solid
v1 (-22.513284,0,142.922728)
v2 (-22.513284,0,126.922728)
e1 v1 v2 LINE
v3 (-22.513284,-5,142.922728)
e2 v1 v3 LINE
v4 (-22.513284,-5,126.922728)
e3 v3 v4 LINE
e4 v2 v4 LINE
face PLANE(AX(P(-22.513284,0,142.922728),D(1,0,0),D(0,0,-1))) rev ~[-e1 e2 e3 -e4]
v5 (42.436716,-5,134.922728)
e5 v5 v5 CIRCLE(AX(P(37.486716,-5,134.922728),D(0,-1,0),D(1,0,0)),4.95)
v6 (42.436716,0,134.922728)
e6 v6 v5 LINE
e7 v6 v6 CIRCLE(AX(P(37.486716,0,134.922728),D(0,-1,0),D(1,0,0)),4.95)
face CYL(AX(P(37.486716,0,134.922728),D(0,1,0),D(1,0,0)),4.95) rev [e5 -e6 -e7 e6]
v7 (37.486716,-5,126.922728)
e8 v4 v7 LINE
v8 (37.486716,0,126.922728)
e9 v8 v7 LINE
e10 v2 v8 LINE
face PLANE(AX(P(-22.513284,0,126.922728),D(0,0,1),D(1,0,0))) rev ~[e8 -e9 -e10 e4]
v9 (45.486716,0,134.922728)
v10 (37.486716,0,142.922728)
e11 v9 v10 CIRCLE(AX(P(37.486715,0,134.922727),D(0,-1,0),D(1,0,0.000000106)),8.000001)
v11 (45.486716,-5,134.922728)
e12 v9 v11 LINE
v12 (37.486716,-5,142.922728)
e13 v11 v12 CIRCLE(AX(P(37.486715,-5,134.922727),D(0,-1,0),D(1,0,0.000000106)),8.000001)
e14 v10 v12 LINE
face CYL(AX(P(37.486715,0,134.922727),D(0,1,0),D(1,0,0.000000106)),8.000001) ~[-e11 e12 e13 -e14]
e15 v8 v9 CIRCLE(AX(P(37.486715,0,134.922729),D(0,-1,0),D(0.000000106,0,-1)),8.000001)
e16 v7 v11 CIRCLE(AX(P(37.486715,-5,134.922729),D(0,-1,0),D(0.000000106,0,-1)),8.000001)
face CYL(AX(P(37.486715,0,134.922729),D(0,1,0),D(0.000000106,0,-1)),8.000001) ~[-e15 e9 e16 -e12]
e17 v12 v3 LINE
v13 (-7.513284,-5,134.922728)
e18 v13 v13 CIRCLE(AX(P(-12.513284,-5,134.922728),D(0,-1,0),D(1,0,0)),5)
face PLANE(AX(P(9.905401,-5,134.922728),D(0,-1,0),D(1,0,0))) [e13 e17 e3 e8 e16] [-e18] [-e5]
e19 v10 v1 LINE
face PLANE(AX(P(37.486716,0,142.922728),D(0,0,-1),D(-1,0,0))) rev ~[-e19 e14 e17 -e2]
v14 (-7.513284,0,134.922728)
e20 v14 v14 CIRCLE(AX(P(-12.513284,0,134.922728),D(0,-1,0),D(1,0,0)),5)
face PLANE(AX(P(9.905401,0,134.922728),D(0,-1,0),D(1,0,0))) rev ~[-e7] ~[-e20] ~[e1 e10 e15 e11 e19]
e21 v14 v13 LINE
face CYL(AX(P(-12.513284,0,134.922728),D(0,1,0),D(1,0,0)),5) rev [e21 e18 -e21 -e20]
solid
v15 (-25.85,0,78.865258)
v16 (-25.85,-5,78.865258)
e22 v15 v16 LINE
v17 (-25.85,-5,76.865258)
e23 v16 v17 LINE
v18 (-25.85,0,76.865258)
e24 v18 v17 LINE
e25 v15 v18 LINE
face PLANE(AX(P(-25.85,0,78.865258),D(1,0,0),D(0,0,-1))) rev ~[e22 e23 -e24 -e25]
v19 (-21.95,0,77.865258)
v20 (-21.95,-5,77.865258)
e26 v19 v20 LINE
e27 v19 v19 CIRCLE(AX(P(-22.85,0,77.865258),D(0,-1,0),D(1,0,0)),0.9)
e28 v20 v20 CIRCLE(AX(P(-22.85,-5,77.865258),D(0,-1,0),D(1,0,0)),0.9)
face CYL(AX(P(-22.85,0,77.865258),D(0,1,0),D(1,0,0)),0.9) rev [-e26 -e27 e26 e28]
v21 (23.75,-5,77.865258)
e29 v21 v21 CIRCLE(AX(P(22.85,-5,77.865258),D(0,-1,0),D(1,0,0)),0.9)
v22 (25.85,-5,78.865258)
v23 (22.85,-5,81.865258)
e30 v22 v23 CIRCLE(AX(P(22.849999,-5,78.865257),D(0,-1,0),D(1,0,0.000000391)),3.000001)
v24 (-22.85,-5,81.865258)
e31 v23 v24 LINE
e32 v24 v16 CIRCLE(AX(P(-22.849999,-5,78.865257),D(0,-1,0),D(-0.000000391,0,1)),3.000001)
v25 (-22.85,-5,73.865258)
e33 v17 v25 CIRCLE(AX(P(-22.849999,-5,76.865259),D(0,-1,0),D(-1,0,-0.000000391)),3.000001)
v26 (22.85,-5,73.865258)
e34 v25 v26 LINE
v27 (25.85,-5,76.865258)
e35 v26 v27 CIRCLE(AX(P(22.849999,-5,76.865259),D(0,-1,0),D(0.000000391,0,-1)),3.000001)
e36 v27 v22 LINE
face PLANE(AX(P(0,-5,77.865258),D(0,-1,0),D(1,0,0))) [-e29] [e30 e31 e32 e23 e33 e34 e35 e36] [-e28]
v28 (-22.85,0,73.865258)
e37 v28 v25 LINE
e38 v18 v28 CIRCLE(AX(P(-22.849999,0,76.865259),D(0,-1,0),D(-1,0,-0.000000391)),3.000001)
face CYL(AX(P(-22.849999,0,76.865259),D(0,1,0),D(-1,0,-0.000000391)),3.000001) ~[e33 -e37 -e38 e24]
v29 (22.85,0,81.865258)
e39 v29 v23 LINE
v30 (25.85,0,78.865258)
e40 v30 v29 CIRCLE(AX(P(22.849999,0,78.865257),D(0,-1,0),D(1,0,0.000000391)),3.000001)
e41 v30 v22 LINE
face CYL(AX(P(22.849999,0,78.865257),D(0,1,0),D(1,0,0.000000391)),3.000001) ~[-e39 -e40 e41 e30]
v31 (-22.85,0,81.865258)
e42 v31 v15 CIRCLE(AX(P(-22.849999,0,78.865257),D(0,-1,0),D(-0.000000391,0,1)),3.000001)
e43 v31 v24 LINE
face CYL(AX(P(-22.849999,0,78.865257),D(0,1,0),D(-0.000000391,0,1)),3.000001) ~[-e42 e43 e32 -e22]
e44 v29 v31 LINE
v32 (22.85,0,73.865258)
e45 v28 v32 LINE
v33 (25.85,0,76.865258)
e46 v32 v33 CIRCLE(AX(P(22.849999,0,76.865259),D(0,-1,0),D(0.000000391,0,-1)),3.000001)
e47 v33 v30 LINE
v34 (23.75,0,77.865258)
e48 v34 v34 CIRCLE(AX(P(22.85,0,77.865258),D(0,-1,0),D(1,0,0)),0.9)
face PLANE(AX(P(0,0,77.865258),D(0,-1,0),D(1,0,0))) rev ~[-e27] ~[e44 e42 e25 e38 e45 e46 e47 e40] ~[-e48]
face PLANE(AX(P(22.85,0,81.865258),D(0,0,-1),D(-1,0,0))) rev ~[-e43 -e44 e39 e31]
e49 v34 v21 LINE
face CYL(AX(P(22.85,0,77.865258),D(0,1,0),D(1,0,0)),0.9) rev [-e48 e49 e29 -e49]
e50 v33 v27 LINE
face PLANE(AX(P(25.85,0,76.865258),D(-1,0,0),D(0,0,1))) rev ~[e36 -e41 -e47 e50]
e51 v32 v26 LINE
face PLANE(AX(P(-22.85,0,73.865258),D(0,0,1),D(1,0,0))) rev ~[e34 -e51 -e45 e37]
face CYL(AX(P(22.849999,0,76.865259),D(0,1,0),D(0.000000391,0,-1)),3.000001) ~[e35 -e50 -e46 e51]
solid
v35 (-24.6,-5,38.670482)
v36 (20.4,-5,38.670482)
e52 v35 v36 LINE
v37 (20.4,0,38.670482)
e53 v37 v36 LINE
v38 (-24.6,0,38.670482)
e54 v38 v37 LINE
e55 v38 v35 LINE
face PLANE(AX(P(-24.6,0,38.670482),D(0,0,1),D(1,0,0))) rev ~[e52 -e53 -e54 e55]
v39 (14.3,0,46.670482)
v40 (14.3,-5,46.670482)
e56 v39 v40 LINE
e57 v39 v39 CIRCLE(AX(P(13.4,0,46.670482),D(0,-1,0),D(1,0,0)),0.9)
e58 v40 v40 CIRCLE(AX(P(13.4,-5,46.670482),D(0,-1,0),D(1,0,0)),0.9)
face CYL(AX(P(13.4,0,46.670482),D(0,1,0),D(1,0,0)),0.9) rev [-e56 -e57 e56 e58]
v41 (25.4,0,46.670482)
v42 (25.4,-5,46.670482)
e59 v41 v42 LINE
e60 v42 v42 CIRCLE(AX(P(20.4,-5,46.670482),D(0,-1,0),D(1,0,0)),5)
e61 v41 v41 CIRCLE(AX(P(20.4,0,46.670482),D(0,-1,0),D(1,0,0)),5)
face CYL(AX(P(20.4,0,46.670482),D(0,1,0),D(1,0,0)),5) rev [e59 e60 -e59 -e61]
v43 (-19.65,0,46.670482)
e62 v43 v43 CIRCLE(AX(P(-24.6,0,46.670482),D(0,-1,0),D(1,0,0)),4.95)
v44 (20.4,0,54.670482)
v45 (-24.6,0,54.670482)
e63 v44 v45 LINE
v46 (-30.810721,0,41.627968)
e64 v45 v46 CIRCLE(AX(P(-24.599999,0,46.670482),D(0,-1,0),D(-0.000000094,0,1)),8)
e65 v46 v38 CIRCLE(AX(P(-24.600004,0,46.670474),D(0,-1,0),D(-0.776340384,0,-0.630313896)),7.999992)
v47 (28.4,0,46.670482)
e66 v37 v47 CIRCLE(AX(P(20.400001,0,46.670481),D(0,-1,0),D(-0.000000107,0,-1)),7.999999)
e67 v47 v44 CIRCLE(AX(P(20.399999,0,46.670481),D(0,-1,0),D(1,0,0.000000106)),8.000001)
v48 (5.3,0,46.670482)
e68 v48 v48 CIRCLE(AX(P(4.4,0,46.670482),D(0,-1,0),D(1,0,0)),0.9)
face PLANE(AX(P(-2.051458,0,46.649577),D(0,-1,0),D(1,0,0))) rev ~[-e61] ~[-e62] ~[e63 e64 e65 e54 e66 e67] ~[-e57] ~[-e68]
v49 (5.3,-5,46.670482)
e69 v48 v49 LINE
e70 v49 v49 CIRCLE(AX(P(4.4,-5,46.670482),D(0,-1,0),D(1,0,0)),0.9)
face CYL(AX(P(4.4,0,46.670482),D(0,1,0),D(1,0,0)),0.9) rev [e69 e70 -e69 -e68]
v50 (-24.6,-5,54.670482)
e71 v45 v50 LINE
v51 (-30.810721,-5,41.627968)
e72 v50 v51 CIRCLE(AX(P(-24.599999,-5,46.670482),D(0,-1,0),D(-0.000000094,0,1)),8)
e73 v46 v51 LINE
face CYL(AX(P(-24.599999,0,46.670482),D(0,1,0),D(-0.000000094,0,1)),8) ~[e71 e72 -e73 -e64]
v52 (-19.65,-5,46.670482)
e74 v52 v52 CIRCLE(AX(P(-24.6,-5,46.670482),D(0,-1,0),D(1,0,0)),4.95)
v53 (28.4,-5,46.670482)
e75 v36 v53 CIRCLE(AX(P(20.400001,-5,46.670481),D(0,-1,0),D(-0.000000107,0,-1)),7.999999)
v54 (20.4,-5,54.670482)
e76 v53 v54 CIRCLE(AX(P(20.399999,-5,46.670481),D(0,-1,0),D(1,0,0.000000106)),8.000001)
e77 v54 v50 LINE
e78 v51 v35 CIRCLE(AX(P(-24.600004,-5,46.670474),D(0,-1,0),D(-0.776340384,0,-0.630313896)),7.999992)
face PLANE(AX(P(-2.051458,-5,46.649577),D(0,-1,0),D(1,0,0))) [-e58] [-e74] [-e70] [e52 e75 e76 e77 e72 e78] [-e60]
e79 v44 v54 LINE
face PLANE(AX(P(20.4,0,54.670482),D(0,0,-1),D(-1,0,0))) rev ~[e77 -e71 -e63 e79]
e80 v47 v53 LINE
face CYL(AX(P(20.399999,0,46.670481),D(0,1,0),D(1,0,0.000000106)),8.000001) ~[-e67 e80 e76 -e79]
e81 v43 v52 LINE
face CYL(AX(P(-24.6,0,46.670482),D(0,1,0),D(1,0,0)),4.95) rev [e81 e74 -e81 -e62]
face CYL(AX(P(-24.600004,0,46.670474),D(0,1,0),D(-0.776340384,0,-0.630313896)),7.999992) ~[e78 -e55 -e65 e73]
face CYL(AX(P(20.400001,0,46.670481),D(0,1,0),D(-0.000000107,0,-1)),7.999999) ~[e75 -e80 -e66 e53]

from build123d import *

# Parameters (mm, degrees)
F0_R     = 5
F0_R_2   = 4.95
F0_R_3   = 0.9
F1_DEPTH = 5


with BuildPart() as f1:
    # F0 (on Front) → F1 (new body)
    with BuildSketch(Plane.XZ):
        with BuildLine():
            Line((-22.513284, 126.922728), (37.486716, 126.922728))
            ThreePointArc((37.486716, 126.922728), (43.14357, 129.265874), (45.486716, 134.922728))
            ThreePointArc((45.486716, 134.922728), (43.14357, 140.579582), (37.486716, 142.922728))
            Line((37.486716, 142.922728), (7.486716, 142.922728))
            Line((7.486716, 142.922728), (-22.513284, 142.922728))
            Line((-22.513284, 142.922728), (-22.513284, 126.922728))
        make_face()
        with Locations((-12.513284, 134.922728)):
            Circle(F0_R, mode=Mode.SUBTRACT)
        with Locations((37.486716, 134.922728)):
            Circle(F0_R_2, mode=Mode.SUBTRACT)
        with BuildLine():
            Line((-22.85, 73.865258), (22.85, 73.865258))
            ThreePointArc((22.85, 73.865258), (24.97132, 74.743938), (25.85, 76.865258))
            Line((25.85, 76.865258), (25.85, 78.865258))
            ThreePointArc((25.85, 78.865258), (24.97132, 80.986578), (22.85, 81.865258))
            Line((22.85, 81.865258), (-22.85, 81.865258))
            ThreePointArc((-22.85, 81.865258), (-24.97132, 80.986578), (-25.85, 78.865258))
            Line((-25.85, 78.865258), (-25.85, 76.865258))
            ThreePointArc((-25.85, 76.865258), (-24.97132, 74.743938), (-22.85, 73.865258))
        make_face()
        with Locations((-22.85, 77.865258)):
            Circle(F0_R_3, mode=Mode.SUBTRACT)
        with Locations((22.85, 77.865258)):
            Circle(F0_R_3, mode=Mode.SUBTRACT)
        with BuildLine():
            Line((-24.6, 38.670482), (20.4, 38.670482))
            ThreePointArc((20.4, 38.670482), (26.056854, 41.013627), (28.4, 46.670482))
            ThreePointArc((28.4, 46.670482), (26.056854, 52.327336), (20.4, 54.670482))
            Line((20.4, 54.670482), (-24.6, 54.670482))
            ThreePointArc((-24.6, 54.670482), (-31.822884, 50.10995), (-30.810721, 41.627968))
            ThreePointArc((-30.810721, 41.627968), (-28.039469, 39.447597), (-24.6, 38.670482))
        make_face()
        with Locations((-24.6, 46.670482)):
            Circle(F0_R_2, mode=Mode.SUBTRACT)
        with Locations((4.4, 46.670482)):
            Circle(F0_R_3, mode=Mode.SUBTRACT)
        with Locations((13.4, 46.670482)):
            Circle(F0_R_3, mode=Mode.SUBTRACT)
        with Locations((20.4, 46.670482)):
            Circle(F0_R, mode=Mode.SUBTRACT)
    extrude(amount=F1_DEPTH)


solid = f1.part
